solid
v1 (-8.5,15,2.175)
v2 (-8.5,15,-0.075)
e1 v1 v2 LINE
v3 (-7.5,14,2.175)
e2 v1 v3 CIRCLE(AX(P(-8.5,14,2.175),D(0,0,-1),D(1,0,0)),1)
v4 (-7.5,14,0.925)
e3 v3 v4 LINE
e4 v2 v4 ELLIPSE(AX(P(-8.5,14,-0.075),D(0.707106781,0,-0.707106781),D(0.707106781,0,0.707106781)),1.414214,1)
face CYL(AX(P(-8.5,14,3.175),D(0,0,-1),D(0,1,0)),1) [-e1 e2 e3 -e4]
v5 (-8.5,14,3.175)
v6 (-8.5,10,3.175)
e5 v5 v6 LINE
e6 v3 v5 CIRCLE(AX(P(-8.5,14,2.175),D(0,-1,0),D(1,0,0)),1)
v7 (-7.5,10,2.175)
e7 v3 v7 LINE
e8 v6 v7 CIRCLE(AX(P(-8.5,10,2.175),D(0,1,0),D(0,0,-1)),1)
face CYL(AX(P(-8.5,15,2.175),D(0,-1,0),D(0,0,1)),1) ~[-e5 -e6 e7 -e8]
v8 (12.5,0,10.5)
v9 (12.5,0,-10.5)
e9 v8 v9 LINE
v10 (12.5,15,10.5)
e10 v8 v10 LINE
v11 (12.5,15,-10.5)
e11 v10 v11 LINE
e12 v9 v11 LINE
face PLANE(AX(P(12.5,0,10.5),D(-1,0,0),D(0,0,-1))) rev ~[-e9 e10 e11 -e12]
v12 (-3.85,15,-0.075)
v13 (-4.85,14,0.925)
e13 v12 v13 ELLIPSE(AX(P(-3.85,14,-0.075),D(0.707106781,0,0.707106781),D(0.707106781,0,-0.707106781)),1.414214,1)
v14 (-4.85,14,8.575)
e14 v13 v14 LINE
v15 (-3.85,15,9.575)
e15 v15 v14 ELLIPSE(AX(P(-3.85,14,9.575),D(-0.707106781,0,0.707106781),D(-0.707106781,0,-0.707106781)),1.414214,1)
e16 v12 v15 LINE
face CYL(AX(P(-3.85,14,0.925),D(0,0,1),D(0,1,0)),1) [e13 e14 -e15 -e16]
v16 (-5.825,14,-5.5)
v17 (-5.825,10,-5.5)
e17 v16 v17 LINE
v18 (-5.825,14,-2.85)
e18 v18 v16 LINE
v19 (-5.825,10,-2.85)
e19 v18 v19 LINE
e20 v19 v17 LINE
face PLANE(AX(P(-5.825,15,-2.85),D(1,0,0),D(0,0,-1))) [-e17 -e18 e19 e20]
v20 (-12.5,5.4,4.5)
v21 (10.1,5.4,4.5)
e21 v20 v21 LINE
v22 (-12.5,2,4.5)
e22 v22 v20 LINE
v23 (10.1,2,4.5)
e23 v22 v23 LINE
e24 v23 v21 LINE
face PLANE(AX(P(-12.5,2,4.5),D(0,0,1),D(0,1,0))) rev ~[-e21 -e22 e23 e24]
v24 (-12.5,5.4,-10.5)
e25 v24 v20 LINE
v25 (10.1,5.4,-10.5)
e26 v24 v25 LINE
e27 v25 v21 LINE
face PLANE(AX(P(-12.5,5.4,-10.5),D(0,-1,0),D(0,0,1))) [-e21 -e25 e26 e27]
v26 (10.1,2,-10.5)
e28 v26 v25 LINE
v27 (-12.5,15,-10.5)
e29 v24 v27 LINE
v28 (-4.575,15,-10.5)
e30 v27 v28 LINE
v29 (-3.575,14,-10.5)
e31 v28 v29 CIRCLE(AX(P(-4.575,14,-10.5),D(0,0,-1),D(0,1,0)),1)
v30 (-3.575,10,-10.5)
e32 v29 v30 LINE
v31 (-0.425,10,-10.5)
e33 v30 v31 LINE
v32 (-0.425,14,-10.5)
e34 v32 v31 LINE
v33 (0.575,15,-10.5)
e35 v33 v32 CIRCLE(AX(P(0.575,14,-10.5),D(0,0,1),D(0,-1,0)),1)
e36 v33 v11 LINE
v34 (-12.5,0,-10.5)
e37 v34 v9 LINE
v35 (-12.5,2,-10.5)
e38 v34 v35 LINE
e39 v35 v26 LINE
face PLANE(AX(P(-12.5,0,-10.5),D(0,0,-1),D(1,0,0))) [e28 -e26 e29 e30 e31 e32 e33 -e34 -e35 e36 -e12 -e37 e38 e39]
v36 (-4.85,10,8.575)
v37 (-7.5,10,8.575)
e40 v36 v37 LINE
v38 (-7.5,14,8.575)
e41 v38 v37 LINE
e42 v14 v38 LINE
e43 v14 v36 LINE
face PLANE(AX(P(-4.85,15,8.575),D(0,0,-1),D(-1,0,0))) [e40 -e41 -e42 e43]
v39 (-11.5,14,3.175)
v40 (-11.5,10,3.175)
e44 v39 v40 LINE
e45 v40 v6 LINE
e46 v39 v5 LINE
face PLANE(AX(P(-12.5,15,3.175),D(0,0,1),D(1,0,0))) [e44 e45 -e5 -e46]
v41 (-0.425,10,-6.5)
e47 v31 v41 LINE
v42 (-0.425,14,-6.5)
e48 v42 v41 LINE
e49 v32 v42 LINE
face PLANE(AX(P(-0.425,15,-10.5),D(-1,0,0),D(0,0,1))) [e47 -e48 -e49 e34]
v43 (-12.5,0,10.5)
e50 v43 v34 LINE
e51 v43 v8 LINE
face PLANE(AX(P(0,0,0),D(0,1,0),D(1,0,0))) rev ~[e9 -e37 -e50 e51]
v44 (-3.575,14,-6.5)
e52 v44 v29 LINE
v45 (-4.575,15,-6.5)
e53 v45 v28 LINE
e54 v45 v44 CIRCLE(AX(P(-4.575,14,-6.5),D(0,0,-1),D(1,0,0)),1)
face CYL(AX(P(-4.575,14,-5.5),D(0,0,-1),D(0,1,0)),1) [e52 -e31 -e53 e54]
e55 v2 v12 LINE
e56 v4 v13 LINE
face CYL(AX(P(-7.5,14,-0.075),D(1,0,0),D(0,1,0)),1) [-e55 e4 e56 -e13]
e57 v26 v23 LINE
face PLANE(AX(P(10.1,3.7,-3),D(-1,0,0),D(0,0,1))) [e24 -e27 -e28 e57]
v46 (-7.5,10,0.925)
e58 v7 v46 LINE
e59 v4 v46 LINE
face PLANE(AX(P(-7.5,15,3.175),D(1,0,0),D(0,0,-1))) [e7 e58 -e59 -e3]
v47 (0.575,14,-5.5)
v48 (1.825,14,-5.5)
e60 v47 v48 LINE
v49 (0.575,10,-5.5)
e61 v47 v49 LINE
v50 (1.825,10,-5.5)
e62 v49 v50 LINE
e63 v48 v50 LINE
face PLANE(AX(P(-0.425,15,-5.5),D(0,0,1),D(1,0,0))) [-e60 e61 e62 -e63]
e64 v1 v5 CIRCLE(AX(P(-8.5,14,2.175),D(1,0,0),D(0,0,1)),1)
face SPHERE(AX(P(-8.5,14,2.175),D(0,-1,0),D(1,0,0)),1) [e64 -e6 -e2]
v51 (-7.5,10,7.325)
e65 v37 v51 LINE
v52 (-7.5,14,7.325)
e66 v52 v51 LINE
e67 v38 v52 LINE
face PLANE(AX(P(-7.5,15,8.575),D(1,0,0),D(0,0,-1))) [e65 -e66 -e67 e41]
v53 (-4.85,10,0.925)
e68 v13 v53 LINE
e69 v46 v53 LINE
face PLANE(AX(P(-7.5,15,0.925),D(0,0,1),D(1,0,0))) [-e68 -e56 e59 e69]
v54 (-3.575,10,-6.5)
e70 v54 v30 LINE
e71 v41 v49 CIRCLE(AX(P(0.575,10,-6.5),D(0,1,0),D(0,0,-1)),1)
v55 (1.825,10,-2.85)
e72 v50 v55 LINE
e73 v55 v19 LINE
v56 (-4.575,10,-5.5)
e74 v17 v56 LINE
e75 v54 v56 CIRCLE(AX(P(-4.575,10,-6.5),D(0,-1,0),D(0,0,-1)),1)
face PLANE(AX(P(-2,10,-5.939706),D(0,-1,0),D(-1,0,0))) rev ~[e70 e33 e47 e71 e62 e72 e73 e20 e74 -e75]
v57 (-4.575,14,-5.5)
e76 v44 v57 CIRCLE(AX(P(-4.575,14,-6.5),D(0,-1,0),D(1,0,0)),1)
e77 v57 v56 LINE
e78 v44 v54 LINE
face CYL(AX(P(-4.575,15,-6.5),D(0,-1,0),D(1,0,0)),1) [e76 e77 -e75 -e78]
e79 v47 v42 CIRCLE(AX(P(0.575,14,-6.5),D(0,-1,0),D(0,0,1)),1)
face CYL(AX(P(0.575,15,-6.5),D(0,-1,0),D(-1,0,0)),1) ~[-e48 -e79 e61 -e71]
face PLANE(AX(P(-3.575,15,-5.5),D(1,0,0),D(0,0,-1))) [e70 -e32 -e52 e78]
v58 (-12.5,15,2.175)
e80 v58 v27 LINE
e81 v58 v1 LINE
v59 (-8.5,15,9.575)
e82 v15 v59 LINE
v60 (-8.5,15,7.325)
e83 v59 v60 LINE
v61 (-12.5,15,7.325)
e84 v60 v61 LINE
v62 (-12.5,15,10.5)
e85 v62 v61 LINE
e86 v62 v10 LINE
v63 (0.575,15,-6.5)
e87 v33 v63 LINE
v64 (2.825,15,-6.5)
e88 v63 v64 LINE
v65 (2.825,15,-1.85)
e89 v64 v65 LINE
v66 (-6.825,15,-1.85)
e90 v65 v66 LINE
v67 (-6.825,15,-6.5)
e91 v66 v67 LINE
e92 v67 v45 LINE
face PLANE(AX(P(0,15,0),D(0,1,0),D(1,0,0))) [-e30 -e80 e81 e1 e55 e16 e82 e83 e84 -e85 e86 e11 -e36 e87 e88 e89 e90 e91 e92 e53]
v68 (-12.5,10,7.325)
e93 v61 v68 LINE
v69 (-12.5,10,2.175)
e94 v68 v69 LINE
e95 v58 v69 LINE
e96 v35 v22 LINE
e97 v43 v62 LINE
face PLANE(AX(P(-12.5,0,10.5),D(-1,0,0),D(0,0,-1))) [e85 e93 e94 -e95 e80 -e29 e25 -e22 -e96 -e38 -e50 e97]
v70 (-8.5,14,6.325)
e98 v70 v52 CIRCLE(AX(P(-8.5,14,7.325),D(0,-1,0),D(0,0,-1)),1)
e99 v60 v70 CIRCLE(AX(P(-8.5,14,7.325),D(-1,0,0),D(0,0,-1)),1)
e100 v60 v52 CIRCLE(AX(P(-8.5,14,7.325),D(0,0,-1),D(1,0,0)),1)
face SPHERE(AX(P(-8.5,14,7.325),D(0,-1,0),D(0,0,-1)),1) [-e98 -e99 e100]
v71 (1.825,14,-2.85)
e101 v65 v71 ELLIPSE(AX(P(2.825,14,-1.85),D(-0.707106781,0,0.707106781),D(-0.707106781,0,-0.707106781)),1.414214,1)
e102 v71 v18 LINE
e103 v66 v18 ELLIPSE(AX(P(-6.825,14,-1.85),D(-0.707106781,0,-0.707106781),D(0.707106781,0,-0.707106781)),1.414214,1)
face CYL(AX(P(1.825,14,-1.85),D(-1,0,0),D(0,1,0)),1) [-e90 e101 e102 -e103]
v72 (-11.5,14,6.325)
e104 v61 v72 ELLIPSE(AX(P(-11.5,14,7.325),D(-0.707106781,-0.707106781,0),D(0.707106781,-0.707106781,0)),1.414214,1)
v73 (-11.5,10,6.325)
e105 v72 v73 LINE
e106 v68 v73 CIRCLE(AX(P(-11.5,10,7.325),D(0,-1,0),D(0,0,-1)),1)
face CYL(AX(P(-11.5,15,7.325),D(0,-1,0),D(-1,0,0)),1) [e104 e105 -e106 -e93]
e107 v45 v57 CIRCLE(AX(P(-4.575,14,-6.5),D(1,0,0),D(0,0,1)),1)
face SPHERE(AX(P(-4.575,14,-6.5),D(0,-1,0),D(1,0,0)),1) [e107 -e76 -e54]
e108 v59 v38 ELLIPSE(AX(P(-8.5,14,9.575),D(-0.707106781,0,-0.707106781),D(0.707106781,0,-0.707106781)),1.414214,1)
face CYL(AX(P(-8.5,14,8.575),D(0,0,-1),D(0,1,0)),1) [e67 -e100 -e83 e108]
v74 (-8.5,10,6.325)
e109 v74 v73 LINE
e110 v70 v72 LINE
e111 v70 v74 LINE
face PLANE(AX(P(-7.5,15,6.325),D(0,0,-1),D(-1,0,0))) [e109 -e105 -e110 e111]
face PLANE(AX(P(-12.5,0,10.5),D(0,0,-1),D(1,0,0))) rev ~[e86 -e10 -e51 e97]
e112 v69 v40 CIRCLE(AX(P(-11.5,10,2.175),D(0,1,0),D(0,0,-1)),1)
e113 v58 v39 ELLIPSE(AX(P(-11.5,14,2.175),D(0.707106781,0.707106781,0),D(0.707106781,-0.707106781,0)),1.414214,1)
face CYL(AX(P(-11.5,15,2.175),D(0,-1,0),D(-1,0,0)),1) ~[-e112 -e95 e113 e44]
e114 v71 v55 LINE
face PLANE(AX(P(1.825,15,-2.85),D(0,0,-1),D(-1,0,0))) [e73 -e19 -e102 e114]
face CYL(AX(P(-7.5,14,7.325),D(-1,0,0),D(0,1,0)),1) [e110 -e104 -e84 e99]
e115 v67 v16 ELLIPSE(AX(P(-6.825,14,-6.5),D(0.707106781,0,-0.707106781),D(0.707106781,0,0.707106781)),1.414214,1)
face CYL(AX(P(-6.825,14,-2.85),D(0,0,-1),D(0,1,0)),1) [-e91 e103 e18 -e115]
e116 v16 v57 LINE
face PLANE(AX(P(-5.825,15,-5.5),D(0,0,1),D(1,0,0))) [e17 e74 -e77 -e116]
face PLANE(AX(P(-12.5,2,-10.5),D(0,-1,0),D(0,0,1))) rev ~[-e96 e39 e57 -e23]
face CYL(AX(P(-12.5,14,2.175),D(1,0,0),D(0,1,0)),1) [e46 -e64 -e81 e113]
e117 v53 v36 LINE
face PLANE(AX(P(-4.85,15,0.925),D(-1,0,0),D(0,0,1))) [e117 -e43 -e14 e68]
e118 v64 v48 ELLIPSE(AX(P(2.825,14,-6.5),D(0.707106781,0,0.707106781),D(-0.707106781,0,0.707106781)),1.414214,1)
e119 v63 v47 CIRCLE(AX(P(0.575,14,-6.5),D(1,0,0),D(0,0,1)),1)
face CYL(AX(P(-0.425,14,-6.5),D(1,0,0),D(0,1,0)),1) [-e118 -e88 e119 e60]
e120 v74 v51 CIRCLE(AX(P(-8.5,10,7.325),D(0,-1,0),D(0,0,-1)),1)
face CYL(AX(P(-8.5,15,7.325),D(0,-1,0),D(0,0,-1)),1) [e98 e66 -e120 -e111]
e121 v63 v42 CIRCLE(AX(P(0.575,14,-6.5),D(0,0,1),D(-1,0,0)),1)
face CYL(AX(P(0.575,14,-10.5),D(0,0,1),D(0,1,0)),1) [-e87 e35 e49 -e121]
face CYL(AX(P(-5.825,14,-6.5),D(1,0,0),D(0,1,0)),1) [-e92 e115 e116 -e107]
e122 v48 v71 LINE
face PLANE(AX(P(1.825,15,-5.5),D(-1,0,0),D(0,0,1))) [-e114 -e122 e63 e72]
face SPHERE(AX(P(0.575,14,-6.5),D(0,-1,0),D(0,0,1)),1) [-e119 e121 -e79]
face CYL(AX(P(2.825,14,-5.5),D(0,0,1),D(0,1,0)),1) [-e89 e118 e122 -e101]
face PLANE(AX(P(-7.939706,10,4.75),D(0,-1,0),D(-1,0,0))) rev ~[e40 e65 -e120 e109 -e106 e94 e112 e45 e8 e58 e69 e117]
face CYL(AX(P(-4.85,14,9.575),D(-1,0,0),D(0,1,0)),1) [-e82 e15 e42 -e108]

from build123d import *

# Parameters (mm, degrees)
SKETCH1_W           = 25
SKETCH1_H           = 21
BOSS_EXTRUDE1_DEPTH = 15
SKETCH2_W           = 15
SKETCH2_H           = 3.4
CUT_EXTRUDE1_DEPTH  = 22.6
CUT_EXTRUDE2_DEPTH  = 5
FILLET1_R           = 1


with BuildPart() as part:
    # Sketch1 → Boss-Extrude1 (new body)
    with BuildSketch(Plane(origin=(0, 0, 0), x_dir=(1, 0, 0), z_dir=(0, 1, 0))):
        Rectangle(SKETCH1_W, SKETCH1_H)
    extrude(amount=BOSS_EXTRUDE1_DEPTH)

    # Sketch2 → Cut-Extrude1 (cut)
    with BuildSketch(Plane.ZY.offset(12.5)):
        with Locations((-3, 3.7)):
            Rectangle(SKETCH2_W, SKETCH2_H)
    extrude(amount=-CUT_EXTRUDE1_DEPTH, mode=Mode.SUBTRACT)

    # Sketch3 → Cut-Extrude2 (cut)
    with BuildSketch(Plane(origin=(0, 15, 0), x_dir=(1, 0, 0), z_dir=(0, 1, 0))):
        Polygon((-4.85, -0.925), (-4.85, -8.575), (-7.5, -8.575), (-7.5, -6.325), (-12.5, -6.325), (-12.5, -3.175), (-7.5, -3.175), (-7.5, -0.925), align=None)
        Polygon((-3.575, 10.5), (-0.425, 10.5), (-0.425, 5.5), (1.825, 5.5), (1.825, 2.85), (-5.825, 2.85), (-5.825, 5.5), (-3.575, 5.5), align=None)
    extrude(amount=-CUT_EXTRUDE2_DEPTH, mode=Mode.SUBTRACT)

    # Fillet1
    fillet1_edges = [part.edges().sort_by_distance(p)[0] for p in [
        (-7.5, 12.5, 6.325),
        (-12.5, 12.5, 6.325),
        (-12.5, 12.5, 3.175),
        (-7.5, 12.5, 3.175),
        (-6.175, 15, 0.925),
        (-7.5, 15, 2.05),
        (-10, 15, 3.175),
        (-10, 15, 6.325),
        (-7.5, 15, 7.45),
        (-6.175, 15, 8.575),
        (-4.85, 15, 4.75),
        (-3.575, 12.5, -5.5),
        (-0.425, 12.5, -5.5),
        (-3.575, 15, -8),
        (-4.7, 15, -5.5),
        (-5.825, 15, -4.175),
        (-2, 15, -2.85),
        (1.825, 15, -4.175),
        (0.7, 15, -5.5),
        (-0.425, 15, -8),
    ]]
    fillet(fillet1_edges, radius=FILLET1_R)


solid = part.part
